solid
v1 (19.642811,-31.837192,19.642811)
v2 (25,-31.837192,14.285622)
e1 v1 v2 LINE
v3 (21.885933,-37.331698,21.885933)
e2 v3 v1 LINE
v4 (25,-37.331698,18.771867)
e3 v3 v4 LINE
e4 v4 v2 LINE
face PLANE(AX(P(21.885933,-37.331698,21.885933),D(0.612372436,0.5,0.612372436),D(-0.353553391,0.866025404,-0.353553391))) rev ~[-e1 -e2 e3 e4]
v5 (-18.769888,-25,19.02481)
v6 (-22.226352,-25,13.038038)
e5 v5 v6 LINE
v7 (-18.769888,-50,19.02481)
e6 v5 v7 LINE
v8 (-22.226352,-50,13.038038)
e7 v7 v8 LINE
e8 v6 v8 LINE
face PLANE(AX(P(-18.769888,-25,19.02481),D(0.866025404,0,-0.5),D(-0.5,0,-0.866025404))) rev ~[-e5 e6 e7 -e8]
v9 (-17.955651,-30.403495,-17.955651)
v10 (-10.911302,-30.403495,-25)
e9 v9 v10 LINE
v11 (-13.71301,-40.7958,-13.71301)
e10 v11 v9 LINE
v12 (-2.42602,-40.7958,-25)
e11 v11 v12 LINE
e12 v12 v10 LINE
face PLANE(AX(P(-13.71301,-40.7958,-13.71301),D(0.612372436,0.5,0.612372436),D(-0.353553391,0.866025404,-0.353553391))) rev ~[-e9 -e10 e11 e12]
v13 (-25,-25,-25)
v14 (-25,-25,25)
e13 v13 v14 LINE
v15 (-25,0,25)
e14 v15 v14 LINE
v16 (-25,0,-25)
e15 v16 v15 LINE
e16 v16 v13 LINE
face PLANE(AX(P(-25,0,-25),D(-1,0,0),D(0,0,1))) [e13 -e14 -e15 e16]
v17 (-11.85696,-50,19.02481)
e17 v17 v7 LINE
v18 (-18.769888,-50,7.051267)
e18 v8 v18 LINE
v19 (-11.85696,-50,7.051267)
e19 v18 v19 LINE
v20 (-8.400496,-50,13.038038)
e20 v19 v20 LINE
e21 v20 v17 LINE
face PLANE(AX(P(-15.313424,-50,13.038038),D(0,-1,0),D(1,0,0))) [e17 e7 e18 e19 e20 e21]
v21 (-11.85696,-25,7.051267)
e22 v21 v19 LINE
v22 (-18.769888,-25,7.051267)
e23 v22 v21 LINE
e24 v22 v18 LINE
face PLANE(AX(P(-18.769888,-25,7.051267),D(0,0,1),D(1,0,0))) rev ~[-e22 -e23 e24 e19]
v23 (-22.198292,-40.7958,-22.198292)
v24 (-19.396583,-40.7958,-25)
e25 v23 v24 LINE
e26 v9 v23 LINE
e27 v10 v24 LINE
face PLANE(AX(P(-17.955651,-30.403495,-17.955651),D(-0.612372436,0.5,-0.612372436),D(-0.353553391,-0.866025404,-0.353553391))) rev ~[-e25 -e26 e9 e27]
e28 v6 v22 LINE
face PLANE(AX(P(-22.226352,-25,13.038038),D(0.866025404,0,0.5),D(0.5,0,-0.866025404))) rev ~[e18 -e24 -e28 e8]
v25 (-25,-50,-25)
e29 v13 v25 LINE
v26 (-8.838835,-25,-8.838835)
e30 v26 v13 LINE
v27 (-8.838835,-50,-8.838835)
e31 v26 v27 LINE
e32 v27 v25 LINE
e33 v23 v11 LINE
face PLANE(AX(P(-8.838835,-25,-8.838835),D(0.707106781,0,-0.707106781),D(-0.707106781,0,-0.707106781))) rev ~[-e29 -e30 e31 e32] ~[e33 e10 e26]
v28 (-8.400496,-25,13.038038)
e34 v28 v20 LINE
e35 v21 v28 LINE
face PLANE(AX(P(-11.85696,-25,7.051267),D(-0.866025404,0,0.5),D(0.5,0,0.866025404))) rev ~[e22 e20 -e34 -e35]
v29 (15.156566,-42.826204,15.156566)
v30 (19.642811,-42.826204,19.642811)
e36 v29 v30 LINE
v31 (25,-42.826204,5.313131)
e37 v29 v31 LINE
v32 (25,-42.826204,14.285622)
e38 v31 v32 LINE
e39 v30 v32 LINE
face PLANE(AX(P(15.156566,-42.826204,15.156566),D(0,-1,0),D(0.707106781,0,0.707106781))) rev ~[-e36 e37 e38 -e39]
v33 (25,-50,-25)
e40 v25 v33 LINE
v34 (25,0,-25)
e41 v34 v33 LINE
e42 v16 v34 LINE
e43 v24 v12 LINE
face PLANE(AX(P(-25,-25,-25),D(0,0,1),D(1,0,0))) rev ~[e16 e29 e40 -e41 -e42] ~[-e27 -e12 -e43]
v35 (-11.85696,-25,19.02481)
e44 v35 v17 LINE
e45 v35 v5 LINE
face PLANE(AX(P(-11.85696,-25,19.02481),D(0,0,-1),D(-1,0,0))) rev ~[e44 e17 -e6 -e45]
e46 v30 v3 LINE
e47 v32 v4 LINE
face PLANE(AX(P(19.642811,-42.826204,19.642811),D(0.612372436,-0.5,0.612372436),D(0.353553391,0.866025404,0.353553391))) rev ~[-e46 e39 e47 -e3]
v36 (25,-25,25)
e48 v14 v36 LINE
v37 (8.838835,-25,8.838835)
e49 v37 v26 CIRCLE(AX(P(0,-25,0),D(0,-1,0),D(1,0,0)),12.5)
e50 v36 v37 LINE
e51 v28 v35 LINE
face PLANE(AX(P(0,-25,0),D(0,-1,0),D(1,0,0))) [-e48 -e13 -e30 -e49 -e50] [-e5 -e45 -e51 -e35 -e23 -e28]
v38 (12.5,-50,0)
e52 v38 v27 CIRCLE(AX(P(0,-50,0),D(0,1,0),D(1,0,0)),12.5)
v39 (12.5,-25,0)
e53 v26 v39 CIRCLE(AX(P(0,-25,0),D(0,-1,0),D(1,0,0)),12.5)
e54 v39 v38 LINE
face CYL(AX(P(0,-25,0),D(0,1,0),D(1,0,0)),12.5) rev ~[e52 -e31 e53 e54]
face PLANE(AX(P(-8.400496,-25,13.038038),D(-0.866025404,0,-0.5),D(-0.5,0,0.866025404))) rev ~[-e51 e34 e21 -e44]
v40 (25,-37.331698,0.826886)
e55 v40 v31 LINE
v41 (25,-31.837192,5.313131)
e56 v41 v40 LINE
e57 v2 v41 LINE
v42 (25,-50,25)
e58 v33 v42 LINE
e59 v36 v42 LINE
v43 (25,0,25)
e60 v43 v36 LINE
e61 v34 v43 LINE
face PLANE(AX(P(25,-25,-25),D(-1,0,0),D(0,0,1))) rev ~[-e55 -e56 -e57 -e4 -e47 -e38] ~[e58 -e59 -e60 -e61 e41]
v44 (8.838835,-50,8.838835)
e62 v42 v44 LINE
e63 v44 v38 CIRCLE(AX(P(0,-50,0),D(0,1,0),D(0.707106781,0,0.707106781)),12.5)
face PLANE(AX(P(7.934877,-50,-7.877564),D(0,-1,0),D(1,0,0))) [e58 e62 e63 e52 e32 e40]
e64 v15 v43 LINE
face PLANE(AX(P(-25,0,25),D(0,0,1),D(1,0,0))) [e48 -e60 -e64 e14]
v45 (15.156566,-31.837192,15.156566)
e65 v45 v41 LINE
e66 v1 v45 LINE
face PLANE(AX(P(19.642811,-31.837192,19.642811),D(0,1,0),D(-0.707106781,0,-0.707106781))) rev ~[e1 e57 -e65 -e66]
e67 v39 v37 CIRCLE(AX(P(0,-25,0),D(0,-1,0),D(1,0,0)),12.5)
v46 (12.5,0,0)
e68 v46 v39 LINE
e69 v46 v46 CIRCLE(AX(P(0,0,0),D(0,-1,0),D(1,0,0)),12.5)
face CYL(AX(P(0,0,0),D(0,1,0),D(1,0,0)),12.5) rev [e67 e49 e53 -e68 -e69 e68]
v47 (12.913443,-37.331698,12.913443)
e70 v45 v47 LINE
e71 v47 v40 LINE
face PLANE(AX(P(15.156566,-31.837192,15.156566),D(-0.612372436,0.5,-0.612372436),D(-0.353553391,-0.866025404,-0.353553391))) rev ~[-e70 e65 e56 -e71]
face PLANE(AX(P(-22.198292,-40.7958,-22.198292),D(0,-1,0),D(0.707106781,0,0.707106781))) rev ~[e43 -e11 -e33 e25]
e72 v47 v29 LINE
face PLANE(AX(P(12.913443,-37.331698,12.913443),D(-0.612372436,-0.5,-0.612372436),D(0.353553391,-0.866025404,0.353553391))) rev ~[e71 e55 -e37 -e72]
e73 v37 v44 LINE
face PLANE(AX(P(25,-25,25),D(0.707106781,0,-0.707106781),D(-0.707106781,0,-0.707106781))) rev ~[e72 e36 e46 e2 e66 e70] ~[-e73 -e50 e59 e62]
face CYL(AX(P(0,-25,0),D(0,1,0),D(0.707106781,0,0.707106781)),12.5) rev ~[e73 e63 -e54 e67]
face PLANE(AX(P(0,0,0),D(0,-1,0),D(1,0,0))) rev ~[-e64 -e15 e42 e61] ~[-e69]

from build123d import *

# Parameters (mm, degrees)
F0_W     = 50
F0_H     = 50
F0_R     = 12.5
F1_DEPTH = 25
F3_DEPTH = 25
F5_DEPTH = 50
F7_DEPTH = 25


with BuildPart() as f1:
    # F0 (on Front) → F1 (new body)
    with BuildSketch(Plane.XZ):
        Rectangle(F0_W, F0_H)
        Circle(F0_R, mode=Mode.SUBTRACT)
    extrude(amount=F1_DEPTH)

    # F2 (on face) → F3 (join)
    with BuildSketch(Plane.XZ.offset(25)):
        with BuildLine():
            Line((-8.8388347648, -8.8388347648), (-25, -25))
            Line((-25, -25), (25, -25))
            Line((25, -25), (25, 25))
            Line((25, 25), (8.8388347648, 8.8388347648))
            ThreePointArc((8.8388347648, 8.8388347648), (11.5484941564, 4.7835429046), (12.5, 0))
            ThreePointArc((12.5, 0), (4.7835429046, -11.5484941564), (-8.8388347648, -8.8388347648))
        make_face()
    extrude(amount=F3_DEPTH)

    # F4 (on face) → F5 (cut)
    with BuildSketch(Plane(origin=(0, 0, 0), x_dir=(0, -1, 0), z_dir=(-0.7071067812, 0, 0.7071067812))):
        Polygon((40.7957995796, -31.3931250338), (40.7957995796, -19.3931250338), (30.4034947342, -25.3931250338), align=None)
        Polygon((42.8262037943, 21.4346205463), (42.8262037943, 27.7791293861), (37.3316979645, 30.951383806), (31.8371921347, 27.7791293861), (31.8371921347, 21.4346205463), (37.3316979645, 18.2623661264), align=None)
    extrude(amount=-F5_DEPTH, mode=Mode.SUBTRACT)

    # F6 (on face) → F7 (join)
    with BuildSketch(Plane.XZ.offset(25)):
        Polygon((-11.8569600062, 19.0248098224), (-18.7698883339, 19.0248098224), (-22.2263524977, 13.0380382761), (-18.7698883339, 7.0512667298), (-11.8569600062, 7.0512667298), (-8.4004958423, 13.0380382761), align=None)
    extrude(amount=F7_DEPTH)


solid = f1.part
